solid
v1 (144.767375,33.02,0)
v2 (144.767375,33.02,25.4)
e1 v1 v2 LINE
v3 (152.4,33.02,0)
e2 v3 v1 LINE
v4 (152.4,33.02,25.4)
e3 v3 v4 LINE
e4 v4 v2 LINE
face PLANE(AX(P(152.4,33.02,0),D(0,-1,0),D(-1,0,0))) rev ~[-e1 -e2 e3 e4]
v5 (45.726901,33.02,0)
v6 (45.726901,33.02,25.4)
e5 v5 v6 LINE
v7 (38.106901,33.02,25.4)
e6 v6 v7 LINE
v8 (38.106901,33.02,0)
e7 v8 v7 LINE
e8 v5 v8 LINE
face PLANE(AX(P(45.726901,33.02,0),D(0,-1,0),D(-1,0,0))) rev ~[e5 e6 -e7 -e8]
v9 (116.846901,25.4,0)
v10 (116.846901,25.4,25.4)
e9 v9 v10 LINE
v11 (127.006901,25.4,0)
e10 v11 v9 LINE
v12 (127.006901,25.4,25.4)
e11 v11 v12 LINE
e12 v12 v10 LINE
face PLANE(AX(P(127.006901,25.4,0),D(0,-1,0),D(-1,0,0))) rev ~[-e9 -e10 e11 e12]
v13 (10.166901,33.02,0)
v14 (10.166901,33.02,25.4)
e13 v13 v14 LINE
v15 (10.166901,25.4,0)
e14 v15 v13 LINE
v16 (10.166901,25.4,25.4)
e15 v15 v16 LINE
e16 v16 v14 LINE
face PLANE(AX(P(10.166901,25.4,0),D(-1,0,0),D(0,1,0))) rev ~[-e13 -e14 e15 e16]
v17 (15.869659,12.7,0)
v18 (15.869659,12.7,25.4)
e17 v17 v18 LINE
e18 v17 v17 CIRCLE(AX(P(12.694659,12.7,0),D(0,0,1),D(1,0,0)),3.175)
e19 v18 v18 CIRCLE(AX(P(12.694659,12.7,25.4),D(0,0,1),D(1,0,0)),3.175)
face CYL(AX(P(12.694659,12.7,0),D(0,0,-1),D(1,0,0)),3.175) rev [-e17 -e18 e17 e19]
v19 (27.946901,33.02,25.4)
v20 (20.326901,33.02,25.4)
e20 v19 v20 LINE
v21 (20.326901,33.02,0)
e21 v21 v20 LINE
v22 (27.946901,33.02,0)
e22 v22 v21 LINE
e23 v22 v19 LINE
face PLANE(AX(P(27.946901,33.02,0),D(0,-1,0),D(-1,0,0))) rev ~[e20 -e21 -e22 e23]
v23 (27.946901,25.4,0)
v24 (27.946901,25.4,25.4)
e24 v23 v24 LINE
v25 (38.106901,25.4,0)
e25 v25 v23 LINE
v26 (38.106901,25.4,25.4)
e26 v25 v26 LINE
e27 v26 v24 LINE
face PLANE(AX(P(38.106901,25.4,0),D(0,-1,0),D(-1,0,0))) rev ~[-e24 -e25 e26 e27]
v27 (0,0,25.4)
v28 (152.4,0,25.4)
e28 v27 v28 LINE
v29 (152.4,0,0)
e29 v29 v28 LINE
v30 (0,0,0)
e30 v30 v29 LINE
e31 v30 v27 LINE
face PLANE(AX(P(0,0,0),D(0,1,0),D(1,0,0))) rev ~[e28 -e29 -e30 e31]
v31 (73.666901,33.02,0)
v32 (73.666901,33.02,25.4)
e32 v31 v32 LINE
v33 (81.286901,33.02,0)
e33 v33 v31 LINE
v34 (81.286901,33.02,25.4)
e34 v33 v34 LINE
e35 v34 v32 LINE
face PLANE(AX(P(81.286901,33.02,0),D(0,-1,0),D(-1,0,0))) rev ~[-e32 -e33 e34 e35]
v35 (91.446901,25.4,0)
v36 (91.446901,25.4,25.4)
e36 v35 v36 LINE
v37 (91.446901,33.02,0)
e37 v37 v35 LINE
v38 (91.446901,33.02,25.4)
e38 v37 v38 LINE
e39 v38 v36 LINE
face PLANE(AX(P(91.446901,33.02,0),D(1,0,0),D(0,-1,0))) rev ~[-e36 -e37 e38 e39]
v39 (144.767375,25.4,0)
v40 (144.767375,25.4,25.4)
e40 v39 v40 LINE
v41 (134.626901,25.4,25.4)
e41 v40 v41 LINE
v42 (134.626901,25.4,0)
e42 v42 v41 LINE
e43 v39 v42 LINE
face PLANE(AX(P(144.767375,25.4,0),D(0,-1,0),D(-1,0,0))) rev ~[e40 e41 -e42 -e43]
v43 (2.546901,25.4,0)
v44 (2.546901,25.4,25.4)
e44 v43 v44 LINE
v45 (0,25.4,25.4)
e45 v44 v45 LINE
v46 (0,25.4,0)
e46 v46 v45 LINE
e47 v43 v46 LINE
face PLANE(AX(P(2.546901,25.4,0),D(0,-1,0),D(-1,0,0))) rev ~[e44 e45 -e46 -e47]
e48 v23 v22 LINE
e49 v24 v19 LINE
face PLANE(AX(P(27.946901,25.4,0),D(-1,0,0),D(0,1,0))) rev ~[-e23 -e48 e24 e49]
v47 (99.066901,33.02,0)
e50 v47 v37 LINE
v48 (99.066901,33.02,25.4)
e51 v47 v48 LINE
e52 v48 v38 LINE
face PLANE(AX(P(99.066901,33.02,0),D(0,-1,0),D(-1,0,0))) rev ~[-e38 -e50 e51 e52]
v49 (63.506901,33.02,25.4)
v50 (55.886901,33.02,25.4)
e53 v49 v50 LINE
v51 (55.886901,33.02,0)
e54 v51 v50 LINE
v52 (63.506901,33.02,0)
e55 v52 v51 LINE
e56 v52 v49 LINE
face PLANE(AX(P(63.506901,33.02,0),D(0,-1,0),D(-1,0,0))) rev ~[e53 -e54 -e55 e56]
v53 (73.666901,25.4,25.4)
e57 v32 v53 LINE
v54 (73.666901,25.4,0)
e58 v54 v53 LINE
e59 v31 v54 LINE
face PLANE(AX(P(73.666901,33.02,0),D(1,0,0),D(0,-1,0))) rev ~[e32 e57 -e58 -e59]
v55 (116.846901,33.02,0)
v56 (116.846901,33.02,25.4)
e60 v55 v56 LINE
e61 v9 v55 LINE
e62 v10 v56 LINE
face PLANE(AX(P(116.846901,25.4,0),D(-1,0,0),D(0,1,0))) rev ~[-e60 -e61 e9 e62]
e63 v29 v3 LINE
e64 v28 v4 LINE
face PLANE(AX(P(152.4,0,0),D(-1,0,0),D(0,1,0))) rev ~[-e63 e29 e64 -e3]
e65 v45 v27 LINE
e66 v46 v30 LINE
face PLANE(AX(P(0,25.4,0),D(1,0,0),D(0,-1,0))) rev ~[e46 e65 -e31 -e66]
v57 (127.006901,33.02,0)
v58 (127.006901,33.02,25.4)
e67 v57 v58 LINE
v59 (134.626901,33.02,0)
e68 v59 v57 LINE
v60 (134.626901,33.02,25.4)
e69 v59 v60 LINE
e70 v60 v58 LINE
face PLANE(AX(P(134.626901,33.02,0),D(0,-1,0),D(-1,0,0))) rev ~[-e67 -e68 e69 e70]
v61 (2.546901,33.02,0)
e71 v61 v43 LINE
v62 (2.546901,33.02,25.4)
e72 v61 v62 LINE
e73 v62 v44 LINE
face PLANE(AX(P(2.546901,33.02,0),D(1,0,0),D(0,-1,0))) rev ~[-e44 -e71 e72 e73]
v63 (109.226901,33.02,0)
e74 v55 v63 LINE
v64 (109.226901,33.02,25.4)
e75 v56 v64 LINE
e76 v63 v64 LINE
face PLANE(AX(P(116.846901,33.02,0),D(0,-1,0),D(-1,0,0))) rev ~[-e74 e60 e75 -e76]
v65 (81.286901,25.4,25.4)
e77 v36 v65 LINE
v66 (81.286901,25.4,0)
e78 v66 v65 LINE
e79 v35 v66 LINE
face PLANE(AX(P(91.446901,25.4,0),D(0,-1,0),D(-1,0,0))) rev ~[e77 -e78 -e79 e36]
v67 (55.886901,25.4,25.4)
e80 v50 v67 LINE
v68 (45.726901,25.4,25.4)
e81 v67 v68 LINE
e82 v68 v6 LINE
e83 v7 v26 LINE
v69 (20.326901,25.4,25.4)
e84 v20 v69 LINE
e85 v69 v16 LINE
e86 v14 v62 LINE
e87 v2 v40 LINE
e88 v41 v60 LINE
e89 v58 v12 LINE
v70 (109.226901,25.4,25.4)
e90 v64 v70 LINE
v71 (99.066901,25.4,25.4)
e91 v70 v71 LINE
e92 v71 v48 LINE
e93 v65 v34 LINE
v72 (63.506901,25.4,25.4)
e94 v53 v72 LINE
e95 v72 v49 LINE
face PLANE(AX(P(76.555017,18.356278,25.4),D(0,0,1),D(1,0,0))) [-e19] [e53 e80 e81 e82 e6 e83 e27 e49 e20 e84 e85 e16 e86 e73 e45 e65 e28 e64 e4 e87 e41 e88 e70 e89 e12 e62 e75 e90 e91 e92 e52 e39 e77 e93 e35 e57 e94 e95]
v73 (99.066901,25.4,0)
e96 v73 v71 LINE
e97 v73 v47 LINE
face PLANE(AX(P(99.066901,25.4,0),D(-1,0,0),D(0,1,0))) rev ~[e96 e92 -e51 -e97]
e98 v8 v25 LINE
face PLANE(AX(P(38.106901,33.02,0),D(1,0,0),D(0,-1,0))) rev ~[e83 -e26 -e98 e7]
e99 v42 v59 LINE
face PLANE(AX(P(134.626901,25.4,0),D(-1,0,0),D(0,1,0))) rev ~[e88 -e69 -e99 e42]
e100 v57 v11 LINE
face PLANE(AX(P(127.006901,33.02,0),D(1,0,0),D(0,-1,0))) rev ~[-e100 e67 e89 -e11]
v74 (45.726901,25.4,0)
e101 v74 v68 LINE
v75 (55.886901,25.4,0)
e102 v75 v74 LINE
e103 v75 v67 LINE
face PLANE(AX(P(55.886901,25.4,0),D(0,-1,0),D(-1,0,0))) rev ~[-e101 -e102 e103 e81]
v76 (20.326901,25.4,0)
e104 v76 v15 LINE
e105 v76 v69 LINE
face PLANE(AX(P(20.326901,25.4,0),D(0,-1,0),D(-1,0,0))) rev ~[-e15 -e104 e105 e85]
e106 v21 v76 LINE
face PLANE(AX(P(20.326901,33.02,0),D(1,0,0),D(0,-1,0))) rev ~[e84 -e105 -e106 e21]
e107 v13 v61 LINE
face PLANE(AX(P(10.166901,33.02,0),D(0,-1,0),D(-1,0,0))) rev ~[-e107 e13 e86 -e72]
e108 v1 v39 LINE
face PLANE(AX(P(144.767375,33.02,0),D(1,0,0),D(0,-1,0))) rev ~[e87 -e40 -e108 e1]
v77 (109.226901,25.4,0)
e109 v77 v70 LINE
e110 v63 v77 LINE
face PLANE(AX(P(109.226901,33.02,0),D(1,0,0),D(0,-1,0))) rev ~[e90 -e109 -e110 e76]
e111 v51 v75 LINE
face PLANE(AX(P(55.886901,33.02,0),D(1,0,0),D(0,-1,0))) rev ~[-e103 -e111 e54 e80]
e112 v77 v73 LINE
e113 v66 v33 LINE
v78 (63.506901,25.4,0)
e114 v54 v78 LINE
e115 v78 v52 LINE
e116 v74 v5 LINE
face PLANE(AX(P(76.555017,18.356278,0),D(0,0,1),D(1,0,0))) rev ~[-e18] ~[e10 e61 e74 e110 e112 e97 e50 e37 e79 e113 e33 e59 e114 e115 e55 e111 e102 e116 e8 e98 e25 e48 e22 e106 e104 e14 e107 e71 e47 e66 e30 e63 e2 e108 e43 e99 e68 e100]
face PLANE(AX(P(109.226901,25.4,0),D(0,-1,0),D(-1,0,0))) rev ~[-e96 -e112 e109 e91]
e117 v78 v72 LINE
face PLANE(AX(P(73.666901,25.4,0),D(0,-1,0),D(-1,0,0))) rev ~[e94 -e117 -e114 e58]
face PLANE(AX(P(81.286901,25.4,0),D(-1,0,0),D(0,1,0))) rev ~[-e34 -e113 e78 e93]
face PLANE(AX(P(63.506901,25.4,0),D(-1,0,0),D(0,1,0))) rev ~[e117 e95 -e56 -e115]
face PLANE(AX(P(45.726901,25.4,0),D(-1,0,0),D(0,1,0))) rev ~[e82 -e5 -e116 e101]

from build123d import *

# Parameters (mm, degrees)
SKETCH1_R        = 3.175
EXTRUSION2_DEPTH = 25.4


with BuildPart() as part:
    # Sketch1 → Extrusion2 (new body)
    with BuildSketch(Plane.XY):
        Polygon((0, 0), (152.4, 0), (152.4, 25.4), (152.4, 33.02), (144.767375471, 33.02), (144.767375471, 25.4), (134.626900767, 25.4), (134.626900767, 33.02), (127.006900767, 33.02), (127.006900767, 25.4), (116.846900767, 25.4), (116.846900767, 33.02), (109.226900767, 33.02), (109.226900767, 25.4), (99.066900767, 25.4), (99.066900767, 33.02), (91.446900767, 33.02), (91.446900767, 25.4), (81.286900767, 25.4), (81.286900767, 33.02), (73.666900767, 33.02), (73.666900767, 25.4), (63.506900767, 25.4), (63.506900767, 33.02), (55.886900767, 33.02), (55.886900767, 25.4), (45.726900767, 25.4), (45.726900767, 33.02), (38.106900767, 33.02), (38.106900767, 25.4), (27.946900767, 25.4), (27.946900767, 33.02), (20.326900767, 33.02), (20.326900767, 25.4), (10.166900767, 25.4), (10.166900767, 33.02), (2.546900767, 33.02), (2.546900767, 25.4), (0, 25.4), align=None)
        with Locations((12.694659047, 12.7)):
            Circle(SKETCH1_R, mode=Mode.SUBTRACT)
    extrude(amount=EXTRUSION2_DEPTH)


solid = part.part
